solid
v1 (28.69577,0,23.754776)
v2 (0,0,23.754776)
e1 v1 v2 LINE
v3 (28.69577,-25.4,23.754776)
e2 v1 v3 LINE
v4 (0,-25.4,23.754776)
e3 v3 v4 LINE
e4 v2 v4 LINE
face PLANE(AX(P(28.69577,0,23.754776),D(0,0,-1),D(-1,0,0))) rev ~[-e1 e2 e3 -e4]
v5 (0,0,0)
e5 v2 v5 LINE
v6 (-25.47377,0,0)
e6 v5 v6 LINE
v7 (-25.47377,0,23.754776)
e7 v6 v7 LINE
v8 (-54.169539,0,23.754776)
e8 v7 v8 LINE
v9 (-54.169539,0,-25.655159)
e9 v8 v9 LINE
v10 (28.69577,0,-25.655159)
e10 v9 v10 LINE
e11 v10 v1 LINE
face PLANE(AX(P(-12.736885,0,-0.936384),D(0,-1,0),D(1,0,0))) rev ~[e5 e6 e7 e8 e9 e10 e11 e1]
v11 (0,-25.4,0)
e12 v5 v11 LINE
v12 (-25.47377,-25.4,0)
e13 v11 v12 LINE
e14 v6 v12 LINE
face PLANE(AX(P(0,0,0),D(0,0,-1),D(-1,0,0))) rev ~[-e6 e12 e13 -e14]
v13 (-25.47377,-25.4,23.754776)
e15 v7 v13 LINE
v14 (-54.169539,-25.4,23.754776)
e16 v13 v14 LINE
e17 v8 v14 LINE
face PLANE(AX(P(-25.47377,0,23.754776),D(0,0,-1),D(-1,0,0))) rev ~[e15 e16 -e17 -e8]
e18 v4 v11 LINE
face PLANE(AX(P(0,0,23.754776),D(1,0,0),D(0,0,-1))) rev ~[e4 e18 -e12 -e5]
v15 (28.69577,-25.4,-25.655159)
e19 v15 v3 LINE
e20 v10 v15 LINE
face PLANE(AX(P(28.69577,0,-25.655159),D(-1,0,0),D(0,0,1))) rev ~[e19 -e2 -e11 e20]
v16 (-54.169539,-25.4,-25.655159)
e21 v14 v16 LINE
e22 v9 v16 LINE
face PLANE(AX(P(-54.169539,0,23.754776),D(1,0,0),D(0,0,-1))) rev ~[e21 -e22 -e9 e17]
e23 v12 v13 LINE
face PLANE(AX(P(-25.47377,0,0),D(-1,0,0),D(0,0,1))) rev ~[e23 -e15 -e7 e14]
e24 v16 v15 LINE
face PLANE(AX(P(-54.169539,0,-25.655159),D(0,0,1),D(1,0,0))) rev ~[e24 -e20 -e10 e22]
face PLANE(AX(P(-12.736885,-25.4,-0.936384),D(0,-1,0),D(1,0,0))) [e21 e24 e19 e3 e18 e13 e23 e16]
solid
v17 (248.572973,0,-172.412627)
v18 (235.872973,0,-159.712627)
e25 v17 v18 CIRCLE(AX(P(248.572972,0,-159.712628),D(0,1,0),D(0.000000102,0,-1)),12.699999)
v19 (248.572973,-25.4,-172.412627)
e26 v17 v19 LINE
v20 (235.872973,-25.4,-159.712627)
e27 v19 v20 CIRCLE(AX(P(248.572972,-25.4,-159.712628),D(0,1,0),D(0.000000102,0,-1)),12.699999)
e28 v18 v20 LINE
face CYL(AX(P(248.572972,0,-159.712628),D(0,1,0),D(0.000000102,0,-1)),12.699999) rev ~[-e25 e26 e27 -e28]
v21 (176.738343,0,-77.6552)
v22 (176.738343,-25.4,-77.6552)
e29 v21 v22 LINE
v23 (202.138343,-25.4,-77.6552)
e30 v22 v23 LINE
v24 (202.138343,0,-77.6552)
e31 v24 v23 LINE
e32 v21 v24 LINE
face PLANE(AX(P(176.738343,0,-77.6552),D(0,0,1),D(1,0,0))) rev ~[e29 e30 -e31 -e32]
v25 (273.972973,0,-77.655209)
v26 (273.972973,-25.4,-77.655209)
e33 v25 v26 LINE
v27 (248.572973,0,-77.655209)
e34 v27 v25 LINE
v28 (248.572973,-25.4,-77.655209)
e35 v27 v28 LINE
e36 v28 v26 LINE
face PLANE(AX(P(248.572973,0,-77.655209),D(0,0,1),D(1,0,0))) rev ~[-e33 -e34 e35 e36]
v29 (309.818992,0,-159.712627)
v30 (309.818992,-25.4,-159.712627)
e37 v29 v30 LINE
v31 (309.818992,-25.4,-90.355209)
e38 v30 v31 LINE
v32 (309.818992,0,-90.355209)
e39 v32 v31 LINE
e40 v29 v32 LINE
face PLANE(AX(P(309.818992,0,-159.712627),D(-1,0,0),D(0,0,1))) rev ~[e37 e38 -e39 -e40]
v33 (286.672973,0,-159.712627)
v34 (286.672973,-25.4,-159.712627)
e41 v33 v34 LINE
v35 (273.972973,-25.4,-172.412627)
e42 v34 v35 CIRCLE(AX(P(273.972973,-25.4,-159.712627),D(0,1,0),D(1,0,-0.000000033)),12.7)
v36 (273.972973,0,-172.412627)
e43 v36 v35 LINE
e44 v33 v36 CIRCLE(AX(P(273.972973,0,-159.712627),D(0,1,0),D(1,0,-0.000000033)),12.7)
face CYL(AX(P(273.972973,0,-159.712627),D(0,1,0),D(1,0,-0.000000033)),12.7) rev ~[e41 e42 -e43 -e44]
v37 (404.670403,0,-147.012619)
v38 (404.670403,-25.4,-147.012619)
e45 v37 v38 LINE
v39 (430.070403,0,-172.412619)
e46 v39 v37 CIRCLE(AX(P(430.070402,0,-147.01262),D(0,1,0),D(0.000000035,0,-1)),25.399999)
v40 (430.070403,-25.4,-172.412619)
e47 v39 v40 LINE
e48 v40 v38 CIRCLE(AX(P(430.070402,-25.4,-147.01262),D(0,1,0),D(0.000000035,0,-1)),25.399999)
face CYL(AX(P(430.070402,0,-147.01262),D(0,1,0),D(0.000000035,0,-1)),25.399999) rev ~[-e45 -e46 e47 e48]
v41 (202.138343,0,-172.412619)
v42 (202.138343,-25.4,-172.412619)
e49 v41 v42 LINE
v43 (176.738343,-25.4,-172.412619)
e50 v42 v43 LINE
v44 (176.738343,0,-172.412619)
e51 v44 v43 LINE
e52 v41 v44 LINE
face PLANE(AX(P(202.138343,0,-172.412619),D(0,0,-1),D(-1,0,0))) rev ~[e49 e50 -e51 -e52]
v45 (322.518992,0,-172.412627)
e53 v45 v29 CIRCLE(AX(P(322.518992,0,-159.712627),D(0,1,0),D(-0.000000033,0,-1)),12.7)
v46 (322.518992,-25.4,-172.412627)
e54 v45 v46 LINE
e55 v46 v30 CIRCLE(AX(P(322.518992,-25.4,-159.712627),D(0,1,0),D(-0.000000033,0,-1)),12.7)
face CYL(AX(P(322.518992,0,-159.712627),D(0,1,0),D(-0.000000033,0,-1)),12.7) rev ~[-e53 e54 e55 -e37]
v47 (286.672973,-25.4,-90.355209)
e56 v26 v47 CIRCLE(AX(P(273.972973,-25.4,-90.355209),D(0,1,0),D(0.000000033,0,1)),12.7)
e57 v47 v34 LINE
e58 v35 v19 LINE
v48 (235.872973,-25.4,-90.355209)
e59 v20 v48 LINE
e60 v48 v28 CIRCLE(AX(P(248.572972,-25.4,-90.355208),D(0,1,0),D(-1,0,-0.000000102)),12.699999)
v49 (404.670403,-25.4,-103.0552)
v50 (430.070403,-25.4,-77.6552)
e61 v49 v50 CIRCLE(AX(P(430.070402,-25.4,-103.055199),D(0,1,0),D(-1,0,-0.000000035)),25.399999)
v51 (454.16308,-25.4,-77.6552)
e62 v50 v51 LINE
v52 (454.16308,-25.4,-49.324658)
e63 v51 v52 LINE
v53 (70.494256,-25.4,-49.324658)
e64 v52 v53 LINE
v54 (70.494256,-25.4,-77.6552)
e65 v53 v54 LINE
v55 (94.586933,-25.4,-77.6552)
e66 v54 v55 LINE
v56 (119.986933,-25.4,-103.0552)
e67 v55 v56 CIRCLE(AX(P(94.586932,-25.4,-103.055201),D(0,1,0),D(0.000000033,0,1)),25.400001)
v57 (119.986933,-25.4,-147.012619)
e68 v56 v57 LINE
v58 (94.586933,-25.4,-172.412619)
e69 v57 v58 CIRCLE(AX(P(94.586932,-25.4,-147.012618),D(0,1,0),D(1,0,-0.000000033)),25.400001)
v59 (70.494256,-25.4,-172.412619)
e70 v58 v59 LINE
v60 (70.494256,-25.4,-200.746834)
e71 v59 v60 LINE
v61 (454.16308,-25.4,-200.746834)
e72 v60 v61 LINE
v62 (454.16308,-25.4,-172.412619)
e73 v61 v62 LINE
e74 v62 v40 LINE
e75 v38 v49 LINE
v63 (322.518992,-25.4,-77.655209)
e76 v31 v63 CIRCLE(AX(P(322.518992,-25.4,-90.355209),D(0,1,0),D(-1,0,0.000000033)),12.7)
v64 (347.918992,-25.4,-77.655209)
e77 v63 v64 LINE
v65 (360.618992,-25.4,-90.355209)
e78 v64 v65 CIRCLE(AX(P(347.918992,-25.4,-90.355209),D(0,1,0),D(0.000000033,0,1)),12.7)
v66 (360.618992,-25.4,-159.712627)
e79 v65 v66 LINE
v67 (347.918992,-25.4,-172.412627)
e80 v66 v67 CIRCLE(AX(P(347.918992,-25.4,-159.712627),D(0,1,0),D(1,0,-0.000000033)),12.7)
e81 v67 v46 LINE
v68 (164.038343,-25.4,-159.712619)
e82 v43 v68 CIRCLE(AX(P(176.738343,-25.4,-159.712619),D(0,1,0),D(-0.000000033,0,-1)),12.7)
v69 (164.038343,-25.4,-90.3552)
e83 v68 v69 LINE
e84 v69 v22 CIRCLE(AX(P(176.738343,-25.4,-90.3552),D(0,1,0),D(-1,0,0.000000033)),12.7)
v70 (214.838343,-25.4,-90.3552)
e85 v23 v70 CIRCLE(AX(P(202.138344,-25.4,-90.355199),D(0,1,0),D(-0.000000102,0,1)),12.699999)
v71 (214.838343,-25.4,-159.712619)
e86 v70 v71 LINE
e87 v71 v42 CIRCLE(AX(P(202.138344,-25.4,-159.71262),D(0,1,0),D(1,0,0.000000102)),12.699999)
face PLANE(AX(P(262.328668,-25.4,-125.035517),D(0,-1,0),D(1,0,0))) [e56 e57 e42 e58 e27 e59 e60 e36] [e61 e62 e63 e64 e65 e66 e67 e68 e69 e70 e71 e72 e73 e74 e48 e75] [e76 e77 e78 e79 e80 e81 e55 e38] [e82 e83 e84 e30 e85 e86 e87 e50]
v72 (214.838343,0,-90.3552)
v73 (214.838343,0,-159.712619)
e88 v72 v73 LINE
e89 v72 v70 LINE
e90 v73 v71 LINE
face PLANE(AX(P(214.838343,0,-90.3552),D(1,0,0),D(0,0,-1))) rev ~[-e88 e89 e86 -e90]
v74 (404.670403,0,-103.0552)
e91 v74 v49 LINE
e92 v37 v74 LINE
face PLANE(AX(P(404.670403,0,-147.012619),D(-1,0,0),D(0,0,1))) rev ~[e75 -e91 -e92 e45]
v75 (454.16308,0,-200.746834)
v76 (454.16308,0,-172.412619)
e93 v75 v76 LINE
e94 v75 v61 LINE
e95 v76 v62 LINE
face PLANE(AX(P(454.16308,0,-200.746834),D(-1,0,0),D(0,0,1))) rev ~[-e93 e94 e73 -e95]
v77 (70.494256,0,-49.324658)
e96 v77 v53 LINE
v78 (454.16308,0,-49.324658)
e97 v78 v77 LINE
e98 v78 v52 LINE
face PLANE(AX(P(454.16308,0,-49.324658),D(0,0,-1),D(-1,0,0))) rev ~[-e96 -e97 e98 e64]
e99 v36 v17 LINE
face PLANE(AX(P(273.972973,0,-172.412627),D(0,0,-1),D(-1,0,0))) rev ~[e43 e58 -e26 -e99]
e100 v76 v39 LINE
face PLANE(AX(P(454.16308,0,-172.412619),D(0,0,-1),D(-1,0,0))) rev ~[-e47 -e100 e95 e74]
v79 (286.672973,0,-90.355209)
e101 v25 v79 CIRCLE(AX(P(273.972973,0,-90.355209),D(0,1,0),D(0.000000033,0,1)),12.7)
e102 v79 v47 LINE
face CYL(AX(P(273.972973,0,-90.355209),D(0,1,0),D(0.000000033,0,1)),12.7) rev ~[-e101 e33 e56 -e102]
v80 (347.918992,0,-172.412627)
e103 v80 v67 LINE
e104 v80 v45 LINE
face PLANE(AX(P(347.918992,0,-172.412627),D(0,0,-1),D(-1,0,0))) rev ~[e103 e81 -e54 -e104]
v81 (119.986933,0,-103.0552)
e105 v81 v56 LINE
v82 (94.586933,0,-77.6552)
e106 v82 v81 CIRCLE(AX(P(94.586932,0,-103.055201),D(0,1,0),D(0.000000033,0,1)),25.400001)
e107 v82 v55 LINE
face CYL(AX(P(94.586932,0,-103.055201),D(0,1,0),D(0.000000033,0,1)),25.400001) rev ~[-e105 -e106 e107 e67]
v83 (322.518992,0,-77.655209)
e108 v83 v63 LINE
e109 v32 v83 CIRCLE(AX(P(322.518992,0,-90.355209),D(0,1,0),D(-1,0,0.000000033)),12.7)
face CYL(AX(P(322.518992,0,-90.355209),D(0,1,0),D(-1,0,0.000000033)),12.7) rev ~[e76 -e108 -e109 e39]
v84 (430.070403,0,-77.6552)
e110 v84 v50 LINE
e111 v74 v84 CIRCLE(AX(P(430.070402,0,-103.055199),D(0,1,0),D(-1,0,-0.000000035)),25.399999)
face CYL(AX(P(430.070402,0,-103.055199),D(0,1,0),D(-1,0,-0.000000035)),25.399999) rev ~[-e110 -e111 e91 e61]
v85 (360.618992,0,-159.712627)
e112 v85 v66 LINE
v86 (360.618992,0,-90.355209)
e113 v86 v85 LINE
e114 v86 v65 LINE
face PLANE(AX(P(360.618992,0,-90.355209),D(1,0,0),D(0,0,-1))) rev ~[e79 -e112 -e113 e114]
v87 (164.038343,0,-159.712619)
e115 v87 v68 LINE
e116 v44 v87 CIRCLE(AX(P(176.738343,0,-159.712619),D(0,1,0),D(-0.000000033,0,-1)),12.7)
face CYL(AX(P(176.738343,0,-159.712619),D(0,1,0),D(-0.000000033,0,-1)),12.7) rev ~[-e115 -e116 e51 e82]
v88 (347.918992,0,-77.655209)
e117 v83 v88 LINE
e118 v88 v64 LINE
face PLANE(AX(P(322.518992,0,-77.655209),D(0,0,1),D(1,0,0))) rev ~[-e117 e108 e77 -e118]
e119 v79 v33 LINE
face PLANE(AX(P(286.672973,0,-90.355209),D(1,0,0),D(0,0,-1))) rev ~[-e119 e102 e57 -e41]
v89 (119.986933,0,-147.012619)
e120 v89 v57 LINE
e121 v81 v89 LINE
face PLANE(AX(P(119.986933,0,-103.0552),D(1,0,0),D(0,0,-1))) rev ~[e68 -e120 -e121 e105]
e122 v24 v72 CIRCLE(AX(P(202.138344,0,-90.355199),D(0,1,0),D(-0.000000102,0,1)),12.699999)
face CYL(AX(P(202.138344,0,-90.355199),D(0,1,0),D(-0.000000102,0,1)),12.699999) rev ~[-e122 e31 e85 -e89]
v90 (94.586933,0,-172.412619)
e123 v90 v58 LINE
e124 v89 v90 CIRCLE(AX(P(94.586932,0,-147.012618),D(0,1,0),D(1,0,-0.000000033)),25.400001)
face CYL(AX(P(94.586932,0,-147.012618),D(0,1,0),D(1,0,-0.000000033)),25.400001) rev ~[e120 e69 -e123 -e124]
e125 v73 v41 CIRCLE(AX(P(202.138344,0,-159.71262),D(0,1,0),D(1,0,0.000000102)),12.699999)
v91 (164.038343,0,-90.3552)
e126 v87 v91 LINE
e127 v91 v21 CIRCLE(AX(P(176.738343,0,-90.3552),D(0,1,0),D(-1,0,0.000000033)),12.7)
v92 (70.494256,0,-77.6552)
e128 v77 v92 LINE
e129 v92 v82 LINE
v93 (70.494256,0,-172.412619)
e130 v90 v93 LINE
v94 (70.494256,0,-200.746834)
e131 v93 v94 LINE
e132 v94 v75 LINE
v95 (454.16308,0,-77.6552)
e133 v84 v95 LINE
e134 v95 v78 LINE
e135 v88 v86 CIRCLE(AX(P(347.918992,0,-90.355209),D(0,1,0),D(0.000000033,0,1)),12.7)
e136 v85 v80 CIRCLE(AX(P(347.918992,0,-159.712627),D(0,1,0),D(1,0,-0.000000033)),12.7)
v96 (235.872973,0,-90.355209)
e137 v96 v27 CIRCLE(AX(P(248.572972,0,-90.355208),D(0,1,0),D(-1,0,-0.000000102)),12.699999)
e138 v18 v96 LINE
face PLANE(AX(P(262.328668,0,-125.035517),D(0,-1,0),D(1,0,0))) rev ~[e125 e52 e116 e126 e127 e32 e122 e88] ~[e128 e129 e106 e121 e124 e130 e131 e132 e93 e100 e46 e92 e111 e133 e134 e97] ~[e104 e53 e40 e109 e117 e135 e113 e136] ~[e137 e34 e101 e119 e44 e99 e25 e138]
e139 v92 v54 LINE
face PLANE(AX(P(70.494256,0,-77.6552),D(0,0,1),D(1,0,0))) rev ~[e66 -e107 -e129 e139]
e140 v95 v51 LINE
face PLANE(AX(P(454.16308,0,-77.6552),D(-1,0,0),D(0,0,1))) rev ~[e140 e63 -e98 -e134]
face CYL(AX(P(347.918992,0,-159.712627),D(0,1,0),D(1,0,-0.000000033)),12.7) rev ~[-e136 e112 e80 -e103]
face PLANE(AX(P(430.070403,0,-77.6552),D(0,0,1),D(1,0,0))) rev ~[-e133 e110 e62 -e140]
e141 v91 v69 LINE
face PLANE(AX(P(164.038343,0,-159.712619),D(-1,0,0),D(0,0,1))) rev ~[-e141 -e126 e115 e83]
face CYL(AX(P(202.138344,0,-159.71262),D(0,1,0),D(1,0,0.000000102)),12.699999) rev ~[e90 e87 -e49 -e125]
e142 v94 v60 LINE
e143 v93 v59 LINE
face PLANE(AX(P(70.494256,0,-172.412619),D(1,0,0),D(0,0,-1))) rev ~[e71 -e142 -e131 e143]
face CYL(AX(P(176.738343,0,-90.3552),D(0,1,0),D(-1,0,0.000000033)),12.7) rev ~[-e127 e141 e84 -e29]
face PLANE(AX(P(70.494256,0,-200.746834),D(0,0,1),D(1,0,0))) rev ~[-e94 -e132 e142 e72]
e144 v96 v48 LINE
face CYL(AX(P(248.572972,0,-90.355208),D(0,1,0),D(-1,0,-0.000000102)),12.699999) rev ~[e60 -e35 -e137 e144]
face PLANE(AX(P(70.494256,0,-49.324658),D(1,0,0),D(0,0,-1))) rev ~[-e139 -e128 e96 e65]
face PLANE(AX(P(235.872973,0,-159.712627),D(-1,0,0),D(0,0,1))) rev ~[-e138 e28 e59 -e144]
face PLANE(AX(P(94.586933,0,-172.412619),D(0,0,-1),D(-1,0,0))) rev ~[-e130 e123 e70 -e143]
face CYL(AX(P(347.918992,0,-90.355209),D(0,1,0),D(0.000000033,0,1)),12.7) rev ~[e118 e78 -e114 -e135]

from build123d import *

# Parameters (mm, degrees)
F1_DEPTH = 25.4


with BuildPart() as f1:
    # F0 (on Front) → F1 (new body)
    with BuildSketch(Plane.XZ):
        Polygon((-25.47377, 0), (-25.47377, 23.754776), (-54.169539, 23.754776), (-54.169539, -25.655159), (28.69577, -25.655159), (28.69577, 23.754776), (0, 23.754776), (0, 0), align=None)
        with BuildLine():
            Line((454.16308, -49.324658), (70.494256, -49.324658))
            Line((70.494256, -49.324658), (70.494256, -77.6552))
            Line((70.494256, -77.6552), (94.586933, -77.6552))
            ThreePointArc((94.586933, -77.6552), (112.547445, -85.094688), (119.986933, -103.0552))
            Line((119.986933, -103.0552), (119.986933, -147.012619))
            ThreePointArc((119.986933, -147.012619), (112.547445, -164.973131), (94.586933, -172.412619))
            Line((94.586933, -172.412619), (70.494256, -172.412619))
            Line((70.494256, -172.412619), (70.494256, -200.746834))
            Line((70.494256, -200.746834), (454.16308, -200.746834))
            Line((454.16308, -200.746834), (454.16308, -172.412619))
            Line((454.16308, -172.412619), (430.070403, -172.412619))
            ThreePointArc((430.070403, -172.412619), (412.10989, -164.973131), (404.670403, -147.012619))
            Line((404.670403, -147.012619), (404.670403, -103.0552))
            ThreePointArc((404.670403, -103.0552), (412.10989, -85.094688), (430.070403, -77.6552))
            Line((430.070403, -77.6552), (454.16308, -77.6552))
            Line((454.16308, -77.6552), (454.16308, -49.324658))
        make_face()
        with BuildLine():
            ThreePointArc((164.038343, -90.3552), (167.758087, -81.374944), (176.738343, -77.6552))
            Line((176.738343, -77.6552), (202.138343, -77.6552))
            ThreePointArc((202.138343, -77.6552), (211.1186, -81.374944), (214.838343, -90.3552))
            Line((214.838343, -90.3552), (214.838343, -159.712619))
            ThreePointArc((214.838343, -159.712619), (211.1186, -168.692875), (202.138343, -172.412619))
            Line((202.138343, -172.412619), (176.738343, -172.412619))
            ThreePointArc((176.738343, -172.412619), (167.758087, -168.692875), (164.038343, -159.712619))
            Line((164.038343, -159.712619), (164.038343, -90.3552))
        make_face(mode=Mode.SUBTRACT)
        with BuildLine():
            ThreePointArc((235.872973, -90.355209), (239.592716, -81.374953), (248.572973, -77.655209))
            Line((248.572973, -77.655209), (273.972973, -77.655209))
            ThreePointArc((273.972973, -77.655209), (282.953229, -81.374953), (286.672973, -90.355209))
            Line((286.672973, -90.355209), (286.672973, -159.712627))
            ThreePointArc((286.672973, -159.712627), (282.953229, -168.692883), (273.972973, -172.412627))
            Line((273.972973, -172.412627), (248.572973, -172.412627))
            ThreePointArc((248.572973, -172.412627), (239.592716, -168.692883), (235.872973, -159.712627))
            Line((235.872973, -159.712627), (235.872973, -90.355209))
        make_face(mode=Mode.SUBTRACT)
        with BuildLine():
            ThreePointArc((309.818992, -90.355209), (313.538736, -81.374953), (322.518992, -77.655209))
            Line((322.518992, -77.655209), (347.918992, -77.655209))
            ThreePointArc((347.918992, -77.655209), (356.899248, -81.374953), (360.618992, -90.355209))
            Line((360.618992, -90.355209), (360.618992, -159.712627))
            ThreePointArc((360.618992, -159.712627), (356.899248, -168.692883), (347.918992, -172.412627))
            Line((347.918992, -172.412627), (322.518992, -172.412627))
            ThreePointArc((322.518992, -172.412627), (313.538736, -168.692883), (309.818992, -159.712627))
            Line((309.818992, -159.712627), (309.818992, -90.355209))
        make_face(mode=Mode.SUBTRACT)
    extrude(amount=F1_DEPTH)


solid = f1.part
